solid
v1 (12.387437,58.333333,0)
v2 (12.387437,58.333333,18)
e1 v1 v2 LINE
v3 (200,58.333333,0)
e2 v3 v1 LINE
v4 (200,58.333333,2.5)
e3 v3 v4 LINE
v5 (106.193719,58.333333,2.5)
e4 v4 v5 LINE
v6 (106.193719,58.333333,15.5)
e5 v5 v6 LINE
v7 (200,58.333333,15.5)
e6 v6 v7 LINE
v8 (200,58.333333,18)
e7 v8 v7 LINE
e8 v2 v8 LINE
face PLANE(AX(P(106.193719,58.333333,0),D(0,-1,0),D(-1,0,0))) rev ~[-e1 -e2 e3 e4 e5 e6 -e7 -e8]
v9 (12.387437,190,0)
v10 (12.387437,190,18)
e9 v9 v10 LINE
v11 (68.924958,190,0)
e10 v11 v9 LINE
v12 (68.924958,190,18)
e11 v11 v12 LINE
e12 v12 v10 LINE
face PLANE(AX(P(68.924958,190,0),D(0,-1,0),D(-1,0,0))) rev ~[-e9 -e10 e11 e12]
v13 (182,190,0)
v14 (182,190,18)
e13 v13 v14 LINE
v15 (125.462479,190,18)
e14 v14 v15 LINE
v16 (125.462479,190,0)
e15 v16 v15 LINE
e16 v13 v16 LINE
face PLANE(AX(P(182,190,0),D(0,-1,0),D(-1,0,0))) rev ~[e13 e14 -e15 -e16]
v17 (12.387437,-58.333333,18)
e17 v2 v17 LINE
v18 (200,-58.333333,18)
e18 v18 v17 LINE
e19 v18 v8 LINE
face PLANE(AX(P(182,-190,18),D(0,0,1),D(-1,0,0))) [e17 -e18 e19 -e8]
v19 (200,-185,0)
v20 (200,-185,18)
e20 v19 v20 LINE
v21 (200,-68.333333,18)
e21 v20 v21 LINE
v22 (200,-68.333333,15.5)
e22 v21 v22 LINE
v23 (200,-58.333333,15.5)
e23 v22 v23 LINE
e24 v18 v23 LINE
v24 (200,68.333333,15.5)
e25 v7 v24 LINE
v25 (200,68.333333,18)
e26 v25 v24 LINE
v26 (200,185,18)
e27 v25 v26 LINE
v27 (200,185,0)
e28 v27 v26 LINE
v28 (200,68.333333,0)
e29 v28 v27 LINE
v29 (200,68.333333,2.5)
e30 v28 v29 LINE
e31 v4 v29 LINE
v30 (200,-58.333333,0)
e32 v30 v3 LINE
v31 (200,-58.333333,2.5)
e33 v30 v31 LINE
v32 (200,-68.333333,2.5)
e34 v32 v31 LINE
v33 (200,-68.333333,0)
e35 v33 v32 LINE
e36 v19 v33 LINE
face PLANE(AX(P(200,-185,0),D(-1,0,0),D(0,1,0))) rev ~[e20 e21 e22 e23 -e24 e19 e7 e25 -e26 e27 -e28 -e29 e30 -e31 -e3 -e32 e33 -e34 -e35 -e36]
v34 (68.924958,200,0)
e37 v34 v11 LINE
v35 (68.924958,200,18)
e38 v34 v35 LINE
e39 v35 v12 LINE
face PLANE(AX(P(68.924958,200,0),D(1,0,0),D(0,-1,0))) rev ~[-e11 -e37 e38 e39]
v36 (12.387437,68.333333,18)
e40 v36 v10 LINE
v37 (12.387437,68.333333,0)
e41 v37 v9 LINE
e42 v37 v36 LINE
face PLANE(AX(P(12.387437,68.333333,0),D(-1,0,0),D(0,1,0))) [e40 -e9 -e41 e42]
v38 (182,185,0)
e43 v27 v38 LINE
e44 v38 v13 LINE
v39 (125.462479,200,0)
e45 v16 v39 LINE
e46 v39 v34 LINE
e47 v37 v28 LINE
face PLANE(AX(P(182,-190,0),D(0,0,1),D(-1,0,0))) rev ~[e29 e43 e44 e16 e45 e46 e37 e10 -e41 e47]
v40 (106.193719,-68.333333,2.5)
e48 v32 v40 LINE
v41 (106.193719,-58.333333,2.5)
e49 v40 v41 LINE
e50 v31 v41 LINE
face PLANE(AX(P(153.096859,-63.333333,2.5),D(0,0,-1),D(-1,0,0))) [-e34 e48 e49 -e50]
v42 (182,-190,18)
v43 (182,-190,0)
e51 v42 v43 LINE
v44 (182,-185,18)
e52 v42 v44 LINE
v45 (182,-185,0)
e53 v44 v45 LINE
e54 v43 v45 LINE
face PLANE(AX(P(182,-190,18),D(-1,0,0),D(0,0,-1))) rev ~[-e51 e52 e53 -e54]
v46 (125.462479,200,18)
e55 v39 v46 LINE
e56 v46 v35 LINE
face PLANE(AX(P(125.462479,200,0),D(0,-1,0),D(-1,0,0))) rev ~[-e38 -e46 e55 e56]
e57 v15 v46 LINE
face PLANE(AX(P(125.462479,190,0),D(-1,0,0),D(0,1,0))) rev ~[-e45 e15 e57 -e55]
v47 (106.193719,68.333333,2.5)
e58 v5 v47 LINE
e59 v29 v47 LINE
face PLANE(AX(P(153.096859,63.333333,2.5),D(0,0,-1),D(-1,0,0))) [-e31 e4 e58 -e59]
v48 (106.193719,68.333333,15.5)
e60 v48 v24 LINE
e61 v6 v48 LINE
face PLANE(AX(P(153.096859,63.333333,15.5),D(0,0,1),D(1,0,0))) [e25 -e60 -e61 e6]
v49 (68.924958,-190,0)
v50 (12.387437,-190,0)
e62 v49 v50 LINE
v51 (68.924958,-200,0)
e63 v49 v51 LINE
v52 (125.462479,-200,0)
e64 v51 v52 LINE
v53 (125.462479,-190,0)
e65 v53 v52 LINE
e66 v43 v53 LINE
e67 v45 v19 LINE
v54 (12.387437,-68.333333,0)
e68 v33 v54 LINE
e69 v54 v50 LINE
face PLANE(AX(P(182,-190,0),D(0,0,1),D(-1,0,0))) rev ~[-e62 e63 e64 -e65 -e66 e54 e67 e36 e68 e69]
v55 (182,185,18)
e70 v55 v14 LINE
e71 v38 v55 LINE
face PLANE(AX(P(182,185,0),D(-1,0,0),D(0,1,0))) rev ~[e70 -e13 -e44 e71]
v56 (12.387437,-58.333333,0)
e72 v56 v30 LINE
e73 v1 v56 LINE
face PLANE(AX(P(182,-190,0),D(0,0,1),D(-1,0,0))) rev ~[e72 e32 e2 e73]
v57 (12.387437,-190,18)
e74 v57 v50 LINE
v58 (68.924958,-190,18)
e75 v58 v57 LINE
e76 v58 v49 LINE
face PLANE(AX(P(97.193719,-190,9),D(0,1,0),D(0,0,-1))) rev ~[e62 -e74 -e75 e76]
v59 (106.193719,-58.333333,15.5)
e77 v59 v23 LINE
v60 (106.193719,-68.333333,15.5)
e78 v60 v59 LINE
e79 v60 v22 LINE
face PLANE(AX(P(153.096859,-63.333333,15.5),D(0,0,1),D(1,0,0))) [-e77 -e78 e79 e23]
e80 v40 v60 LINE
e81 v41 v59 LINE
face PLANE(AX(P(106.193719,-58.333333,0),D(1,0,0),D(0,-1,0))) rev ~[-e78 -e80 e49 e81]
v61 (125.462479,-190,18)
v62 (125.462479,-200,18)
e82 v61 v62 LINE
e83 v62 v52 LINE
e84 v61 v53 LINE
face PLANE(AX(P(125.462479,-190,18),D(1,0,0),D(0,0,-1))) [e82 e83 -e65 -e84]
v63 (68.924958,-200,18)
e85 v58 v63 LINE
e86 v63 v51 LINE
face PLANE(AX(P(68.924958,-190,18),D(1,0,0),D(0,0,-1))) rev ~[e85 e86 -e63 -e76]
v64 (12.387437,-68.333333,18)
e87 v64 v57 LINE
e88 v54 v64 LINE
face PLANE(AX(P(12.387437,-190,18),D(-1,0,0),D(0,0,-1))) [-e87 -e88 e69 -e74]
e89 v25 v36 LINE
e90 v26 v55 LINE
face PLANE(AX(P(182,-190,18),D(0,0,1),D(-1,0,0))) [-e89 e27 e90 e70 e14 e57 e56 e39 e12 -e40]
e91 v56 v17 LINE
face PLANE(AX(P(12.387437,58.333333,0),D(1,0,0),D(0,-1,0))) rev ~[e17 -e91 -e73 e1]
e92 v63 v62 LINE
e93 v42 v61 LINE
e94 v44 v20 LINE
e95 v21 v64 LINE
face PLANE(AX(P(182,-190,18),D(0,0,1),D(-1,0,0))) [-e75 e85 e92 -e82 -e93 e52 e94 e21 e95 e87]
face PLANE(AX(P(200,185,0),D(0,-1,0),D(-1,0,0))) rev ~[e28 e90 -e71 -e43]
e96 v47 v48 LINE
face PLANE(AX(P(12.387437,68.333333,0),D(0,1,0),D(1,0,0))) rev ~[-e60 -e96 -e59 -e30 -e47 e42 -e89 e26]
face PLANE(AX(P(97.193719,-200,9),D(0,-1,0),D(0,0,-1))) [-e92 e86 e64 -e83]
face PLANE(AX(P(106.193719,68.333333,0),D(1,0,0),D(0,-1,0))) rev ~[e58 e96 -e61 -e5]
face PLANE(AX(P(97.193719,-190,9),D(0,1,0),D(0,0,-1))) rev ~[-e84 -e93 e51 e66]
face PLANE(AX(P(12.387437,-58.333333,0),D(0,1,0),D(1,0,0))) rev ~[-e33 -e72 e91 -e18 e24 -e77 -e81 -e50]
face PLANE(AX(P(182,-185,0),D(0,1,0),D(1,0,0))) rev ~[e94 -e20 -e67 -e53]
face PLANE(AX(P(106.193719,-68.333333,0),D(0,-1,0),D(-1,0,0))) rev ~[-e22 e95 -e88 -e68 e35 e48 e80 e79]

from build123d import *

# Parameters (mm, degrees)
SKETCH004_W              = 18
SKETCH004_H              = 169.6125627158
PAD003_DEPTH             = 5
SKETCH005_W              = 18
SKETCH005_H              = 56.5375209053
PAD004_DEPTH             = 10
PAD005_DEPTH             = 18
SKETCH007_W              = 93.8062813579
SKETCH007_H              = 10
POCKET_DEPTH             = 2.5
SKETCH008_W              = 93.8062813579
SKETCH008_H              = 10
POCKET001_DEPTH          = 2.5
CLONE025_PITCH_ANGLE     = 90
CLONE025_PLACEMENT_ANGLE = 90


with BuildPart() as part:
    # Sketch004 → Pad003 (new body)
    with BuildSketch(Plane.XY):
        with Locations((0, -97.1937186421)):
            Rectangle(SKETCH004_W, SKETCH004_H)
    extrude(amount=PAD003_DEPTH)

    # Sketch005 (on Face5 of Pad003) → Pad004 (join)
    with BuildSketch(Plane(origin=(0, 0, 0), x_dir=(1, 0, 0), z_dir=(0, 0, -1))):
        with Locations((0, 97.1937186421)):
            Rectangle(SKETCH005_W, SKETCH005_H)
    extrude(amount=PAD004_DEPTH)

    # Sketch006 (on Face9 of Pad004) → Pad005 (join)
    with BuildSketch(Plane.YZ.offset(9)):
        Polygon((-12.3874372842, 0), (-68.9249581895, 0), (-68.9249581895, -10), (-125.4624790947, -10), (-125.4624790947, 0), (-182, 0), (-182, 5), (-200, 5), (-200, 375), (-182, 375), (-182, 380), (-125.4624790947, 380), (-125.4624790947, 390), (-68.9249581895, 390), (-68.9249581895, 380), (-12.3874372842, 380), (-12.3874372842, 375), (-12.3874372842, 258.3333333333), (-106.1937186421, 258.3333333333), (-106.1937186421, 248.3333333333), (-12.3874372842, 248.3333333333), (-12.3874372842, 131.6666666667), (-106.1937186421, 131.6666666667), (-106.1937186421, 121.6666666667), (-12.3874372842, 121.6666666667), (-12.3874372842, 5), align=None)
    extrude(amount=-PAD005_DEPTH)

    # Sketch007 (on Face11 of Pad005) → Pocket (cut)
    with BuildSketch(Plane.YZ.offset(9)):
        with Locations((-153.0968593211, 253.3333333333)):
            Rectangle(SKETCH007_W, SKETCH007_H)
        with Locations((-153.0968593211, 126.6666666667)):
            Rectangle(SKETCH007_W, SKETCH007_H)
    extrude(amount=-POCKET_DEPTH, mode=Mode.SUBTRACT)

    # Sketch008 (on Face9 of Pocket) → Pocket001 (cut)
    with BuildSketch(Plane(origin=(-9, 0, 0), x_dir=(0, -1, 0), z_dir=(-1, 0, 0))):
        with Locations((153.0968593211, 126.6666666667)):
            Rectangle(SKETCH008_W, SKETCH008_H)
        with Locations((153.0968593211, 253.3333333333)):
            Rectangle(SKETCH008_W, SKETCH008_H)
    extrude(amount=-POCKET001_DEPTH, mode=Mode.SUBTRACT)


with BuildPart() as part_1:
    # Body004 placement: moved
    add(part.part.moved(Location((0, 0, 13))))


with BuildPart() as part_2:
    # Clone025 pitch: moved
    add(part_1.part.rotate(Axis((0, 0, 0), (0, 1, 0)), CLONE025_PITCH_ANGLE))


with BuildPart() as part_3:
    # Clone025 placement: moved
    add(part_2.part.moved(Location((0, -203, 9))).rotate(Axis((0, -203, 9), (0, 0, 1)), CLONE025_PLACEMENT_ANGLE))


solid = part_3.part
